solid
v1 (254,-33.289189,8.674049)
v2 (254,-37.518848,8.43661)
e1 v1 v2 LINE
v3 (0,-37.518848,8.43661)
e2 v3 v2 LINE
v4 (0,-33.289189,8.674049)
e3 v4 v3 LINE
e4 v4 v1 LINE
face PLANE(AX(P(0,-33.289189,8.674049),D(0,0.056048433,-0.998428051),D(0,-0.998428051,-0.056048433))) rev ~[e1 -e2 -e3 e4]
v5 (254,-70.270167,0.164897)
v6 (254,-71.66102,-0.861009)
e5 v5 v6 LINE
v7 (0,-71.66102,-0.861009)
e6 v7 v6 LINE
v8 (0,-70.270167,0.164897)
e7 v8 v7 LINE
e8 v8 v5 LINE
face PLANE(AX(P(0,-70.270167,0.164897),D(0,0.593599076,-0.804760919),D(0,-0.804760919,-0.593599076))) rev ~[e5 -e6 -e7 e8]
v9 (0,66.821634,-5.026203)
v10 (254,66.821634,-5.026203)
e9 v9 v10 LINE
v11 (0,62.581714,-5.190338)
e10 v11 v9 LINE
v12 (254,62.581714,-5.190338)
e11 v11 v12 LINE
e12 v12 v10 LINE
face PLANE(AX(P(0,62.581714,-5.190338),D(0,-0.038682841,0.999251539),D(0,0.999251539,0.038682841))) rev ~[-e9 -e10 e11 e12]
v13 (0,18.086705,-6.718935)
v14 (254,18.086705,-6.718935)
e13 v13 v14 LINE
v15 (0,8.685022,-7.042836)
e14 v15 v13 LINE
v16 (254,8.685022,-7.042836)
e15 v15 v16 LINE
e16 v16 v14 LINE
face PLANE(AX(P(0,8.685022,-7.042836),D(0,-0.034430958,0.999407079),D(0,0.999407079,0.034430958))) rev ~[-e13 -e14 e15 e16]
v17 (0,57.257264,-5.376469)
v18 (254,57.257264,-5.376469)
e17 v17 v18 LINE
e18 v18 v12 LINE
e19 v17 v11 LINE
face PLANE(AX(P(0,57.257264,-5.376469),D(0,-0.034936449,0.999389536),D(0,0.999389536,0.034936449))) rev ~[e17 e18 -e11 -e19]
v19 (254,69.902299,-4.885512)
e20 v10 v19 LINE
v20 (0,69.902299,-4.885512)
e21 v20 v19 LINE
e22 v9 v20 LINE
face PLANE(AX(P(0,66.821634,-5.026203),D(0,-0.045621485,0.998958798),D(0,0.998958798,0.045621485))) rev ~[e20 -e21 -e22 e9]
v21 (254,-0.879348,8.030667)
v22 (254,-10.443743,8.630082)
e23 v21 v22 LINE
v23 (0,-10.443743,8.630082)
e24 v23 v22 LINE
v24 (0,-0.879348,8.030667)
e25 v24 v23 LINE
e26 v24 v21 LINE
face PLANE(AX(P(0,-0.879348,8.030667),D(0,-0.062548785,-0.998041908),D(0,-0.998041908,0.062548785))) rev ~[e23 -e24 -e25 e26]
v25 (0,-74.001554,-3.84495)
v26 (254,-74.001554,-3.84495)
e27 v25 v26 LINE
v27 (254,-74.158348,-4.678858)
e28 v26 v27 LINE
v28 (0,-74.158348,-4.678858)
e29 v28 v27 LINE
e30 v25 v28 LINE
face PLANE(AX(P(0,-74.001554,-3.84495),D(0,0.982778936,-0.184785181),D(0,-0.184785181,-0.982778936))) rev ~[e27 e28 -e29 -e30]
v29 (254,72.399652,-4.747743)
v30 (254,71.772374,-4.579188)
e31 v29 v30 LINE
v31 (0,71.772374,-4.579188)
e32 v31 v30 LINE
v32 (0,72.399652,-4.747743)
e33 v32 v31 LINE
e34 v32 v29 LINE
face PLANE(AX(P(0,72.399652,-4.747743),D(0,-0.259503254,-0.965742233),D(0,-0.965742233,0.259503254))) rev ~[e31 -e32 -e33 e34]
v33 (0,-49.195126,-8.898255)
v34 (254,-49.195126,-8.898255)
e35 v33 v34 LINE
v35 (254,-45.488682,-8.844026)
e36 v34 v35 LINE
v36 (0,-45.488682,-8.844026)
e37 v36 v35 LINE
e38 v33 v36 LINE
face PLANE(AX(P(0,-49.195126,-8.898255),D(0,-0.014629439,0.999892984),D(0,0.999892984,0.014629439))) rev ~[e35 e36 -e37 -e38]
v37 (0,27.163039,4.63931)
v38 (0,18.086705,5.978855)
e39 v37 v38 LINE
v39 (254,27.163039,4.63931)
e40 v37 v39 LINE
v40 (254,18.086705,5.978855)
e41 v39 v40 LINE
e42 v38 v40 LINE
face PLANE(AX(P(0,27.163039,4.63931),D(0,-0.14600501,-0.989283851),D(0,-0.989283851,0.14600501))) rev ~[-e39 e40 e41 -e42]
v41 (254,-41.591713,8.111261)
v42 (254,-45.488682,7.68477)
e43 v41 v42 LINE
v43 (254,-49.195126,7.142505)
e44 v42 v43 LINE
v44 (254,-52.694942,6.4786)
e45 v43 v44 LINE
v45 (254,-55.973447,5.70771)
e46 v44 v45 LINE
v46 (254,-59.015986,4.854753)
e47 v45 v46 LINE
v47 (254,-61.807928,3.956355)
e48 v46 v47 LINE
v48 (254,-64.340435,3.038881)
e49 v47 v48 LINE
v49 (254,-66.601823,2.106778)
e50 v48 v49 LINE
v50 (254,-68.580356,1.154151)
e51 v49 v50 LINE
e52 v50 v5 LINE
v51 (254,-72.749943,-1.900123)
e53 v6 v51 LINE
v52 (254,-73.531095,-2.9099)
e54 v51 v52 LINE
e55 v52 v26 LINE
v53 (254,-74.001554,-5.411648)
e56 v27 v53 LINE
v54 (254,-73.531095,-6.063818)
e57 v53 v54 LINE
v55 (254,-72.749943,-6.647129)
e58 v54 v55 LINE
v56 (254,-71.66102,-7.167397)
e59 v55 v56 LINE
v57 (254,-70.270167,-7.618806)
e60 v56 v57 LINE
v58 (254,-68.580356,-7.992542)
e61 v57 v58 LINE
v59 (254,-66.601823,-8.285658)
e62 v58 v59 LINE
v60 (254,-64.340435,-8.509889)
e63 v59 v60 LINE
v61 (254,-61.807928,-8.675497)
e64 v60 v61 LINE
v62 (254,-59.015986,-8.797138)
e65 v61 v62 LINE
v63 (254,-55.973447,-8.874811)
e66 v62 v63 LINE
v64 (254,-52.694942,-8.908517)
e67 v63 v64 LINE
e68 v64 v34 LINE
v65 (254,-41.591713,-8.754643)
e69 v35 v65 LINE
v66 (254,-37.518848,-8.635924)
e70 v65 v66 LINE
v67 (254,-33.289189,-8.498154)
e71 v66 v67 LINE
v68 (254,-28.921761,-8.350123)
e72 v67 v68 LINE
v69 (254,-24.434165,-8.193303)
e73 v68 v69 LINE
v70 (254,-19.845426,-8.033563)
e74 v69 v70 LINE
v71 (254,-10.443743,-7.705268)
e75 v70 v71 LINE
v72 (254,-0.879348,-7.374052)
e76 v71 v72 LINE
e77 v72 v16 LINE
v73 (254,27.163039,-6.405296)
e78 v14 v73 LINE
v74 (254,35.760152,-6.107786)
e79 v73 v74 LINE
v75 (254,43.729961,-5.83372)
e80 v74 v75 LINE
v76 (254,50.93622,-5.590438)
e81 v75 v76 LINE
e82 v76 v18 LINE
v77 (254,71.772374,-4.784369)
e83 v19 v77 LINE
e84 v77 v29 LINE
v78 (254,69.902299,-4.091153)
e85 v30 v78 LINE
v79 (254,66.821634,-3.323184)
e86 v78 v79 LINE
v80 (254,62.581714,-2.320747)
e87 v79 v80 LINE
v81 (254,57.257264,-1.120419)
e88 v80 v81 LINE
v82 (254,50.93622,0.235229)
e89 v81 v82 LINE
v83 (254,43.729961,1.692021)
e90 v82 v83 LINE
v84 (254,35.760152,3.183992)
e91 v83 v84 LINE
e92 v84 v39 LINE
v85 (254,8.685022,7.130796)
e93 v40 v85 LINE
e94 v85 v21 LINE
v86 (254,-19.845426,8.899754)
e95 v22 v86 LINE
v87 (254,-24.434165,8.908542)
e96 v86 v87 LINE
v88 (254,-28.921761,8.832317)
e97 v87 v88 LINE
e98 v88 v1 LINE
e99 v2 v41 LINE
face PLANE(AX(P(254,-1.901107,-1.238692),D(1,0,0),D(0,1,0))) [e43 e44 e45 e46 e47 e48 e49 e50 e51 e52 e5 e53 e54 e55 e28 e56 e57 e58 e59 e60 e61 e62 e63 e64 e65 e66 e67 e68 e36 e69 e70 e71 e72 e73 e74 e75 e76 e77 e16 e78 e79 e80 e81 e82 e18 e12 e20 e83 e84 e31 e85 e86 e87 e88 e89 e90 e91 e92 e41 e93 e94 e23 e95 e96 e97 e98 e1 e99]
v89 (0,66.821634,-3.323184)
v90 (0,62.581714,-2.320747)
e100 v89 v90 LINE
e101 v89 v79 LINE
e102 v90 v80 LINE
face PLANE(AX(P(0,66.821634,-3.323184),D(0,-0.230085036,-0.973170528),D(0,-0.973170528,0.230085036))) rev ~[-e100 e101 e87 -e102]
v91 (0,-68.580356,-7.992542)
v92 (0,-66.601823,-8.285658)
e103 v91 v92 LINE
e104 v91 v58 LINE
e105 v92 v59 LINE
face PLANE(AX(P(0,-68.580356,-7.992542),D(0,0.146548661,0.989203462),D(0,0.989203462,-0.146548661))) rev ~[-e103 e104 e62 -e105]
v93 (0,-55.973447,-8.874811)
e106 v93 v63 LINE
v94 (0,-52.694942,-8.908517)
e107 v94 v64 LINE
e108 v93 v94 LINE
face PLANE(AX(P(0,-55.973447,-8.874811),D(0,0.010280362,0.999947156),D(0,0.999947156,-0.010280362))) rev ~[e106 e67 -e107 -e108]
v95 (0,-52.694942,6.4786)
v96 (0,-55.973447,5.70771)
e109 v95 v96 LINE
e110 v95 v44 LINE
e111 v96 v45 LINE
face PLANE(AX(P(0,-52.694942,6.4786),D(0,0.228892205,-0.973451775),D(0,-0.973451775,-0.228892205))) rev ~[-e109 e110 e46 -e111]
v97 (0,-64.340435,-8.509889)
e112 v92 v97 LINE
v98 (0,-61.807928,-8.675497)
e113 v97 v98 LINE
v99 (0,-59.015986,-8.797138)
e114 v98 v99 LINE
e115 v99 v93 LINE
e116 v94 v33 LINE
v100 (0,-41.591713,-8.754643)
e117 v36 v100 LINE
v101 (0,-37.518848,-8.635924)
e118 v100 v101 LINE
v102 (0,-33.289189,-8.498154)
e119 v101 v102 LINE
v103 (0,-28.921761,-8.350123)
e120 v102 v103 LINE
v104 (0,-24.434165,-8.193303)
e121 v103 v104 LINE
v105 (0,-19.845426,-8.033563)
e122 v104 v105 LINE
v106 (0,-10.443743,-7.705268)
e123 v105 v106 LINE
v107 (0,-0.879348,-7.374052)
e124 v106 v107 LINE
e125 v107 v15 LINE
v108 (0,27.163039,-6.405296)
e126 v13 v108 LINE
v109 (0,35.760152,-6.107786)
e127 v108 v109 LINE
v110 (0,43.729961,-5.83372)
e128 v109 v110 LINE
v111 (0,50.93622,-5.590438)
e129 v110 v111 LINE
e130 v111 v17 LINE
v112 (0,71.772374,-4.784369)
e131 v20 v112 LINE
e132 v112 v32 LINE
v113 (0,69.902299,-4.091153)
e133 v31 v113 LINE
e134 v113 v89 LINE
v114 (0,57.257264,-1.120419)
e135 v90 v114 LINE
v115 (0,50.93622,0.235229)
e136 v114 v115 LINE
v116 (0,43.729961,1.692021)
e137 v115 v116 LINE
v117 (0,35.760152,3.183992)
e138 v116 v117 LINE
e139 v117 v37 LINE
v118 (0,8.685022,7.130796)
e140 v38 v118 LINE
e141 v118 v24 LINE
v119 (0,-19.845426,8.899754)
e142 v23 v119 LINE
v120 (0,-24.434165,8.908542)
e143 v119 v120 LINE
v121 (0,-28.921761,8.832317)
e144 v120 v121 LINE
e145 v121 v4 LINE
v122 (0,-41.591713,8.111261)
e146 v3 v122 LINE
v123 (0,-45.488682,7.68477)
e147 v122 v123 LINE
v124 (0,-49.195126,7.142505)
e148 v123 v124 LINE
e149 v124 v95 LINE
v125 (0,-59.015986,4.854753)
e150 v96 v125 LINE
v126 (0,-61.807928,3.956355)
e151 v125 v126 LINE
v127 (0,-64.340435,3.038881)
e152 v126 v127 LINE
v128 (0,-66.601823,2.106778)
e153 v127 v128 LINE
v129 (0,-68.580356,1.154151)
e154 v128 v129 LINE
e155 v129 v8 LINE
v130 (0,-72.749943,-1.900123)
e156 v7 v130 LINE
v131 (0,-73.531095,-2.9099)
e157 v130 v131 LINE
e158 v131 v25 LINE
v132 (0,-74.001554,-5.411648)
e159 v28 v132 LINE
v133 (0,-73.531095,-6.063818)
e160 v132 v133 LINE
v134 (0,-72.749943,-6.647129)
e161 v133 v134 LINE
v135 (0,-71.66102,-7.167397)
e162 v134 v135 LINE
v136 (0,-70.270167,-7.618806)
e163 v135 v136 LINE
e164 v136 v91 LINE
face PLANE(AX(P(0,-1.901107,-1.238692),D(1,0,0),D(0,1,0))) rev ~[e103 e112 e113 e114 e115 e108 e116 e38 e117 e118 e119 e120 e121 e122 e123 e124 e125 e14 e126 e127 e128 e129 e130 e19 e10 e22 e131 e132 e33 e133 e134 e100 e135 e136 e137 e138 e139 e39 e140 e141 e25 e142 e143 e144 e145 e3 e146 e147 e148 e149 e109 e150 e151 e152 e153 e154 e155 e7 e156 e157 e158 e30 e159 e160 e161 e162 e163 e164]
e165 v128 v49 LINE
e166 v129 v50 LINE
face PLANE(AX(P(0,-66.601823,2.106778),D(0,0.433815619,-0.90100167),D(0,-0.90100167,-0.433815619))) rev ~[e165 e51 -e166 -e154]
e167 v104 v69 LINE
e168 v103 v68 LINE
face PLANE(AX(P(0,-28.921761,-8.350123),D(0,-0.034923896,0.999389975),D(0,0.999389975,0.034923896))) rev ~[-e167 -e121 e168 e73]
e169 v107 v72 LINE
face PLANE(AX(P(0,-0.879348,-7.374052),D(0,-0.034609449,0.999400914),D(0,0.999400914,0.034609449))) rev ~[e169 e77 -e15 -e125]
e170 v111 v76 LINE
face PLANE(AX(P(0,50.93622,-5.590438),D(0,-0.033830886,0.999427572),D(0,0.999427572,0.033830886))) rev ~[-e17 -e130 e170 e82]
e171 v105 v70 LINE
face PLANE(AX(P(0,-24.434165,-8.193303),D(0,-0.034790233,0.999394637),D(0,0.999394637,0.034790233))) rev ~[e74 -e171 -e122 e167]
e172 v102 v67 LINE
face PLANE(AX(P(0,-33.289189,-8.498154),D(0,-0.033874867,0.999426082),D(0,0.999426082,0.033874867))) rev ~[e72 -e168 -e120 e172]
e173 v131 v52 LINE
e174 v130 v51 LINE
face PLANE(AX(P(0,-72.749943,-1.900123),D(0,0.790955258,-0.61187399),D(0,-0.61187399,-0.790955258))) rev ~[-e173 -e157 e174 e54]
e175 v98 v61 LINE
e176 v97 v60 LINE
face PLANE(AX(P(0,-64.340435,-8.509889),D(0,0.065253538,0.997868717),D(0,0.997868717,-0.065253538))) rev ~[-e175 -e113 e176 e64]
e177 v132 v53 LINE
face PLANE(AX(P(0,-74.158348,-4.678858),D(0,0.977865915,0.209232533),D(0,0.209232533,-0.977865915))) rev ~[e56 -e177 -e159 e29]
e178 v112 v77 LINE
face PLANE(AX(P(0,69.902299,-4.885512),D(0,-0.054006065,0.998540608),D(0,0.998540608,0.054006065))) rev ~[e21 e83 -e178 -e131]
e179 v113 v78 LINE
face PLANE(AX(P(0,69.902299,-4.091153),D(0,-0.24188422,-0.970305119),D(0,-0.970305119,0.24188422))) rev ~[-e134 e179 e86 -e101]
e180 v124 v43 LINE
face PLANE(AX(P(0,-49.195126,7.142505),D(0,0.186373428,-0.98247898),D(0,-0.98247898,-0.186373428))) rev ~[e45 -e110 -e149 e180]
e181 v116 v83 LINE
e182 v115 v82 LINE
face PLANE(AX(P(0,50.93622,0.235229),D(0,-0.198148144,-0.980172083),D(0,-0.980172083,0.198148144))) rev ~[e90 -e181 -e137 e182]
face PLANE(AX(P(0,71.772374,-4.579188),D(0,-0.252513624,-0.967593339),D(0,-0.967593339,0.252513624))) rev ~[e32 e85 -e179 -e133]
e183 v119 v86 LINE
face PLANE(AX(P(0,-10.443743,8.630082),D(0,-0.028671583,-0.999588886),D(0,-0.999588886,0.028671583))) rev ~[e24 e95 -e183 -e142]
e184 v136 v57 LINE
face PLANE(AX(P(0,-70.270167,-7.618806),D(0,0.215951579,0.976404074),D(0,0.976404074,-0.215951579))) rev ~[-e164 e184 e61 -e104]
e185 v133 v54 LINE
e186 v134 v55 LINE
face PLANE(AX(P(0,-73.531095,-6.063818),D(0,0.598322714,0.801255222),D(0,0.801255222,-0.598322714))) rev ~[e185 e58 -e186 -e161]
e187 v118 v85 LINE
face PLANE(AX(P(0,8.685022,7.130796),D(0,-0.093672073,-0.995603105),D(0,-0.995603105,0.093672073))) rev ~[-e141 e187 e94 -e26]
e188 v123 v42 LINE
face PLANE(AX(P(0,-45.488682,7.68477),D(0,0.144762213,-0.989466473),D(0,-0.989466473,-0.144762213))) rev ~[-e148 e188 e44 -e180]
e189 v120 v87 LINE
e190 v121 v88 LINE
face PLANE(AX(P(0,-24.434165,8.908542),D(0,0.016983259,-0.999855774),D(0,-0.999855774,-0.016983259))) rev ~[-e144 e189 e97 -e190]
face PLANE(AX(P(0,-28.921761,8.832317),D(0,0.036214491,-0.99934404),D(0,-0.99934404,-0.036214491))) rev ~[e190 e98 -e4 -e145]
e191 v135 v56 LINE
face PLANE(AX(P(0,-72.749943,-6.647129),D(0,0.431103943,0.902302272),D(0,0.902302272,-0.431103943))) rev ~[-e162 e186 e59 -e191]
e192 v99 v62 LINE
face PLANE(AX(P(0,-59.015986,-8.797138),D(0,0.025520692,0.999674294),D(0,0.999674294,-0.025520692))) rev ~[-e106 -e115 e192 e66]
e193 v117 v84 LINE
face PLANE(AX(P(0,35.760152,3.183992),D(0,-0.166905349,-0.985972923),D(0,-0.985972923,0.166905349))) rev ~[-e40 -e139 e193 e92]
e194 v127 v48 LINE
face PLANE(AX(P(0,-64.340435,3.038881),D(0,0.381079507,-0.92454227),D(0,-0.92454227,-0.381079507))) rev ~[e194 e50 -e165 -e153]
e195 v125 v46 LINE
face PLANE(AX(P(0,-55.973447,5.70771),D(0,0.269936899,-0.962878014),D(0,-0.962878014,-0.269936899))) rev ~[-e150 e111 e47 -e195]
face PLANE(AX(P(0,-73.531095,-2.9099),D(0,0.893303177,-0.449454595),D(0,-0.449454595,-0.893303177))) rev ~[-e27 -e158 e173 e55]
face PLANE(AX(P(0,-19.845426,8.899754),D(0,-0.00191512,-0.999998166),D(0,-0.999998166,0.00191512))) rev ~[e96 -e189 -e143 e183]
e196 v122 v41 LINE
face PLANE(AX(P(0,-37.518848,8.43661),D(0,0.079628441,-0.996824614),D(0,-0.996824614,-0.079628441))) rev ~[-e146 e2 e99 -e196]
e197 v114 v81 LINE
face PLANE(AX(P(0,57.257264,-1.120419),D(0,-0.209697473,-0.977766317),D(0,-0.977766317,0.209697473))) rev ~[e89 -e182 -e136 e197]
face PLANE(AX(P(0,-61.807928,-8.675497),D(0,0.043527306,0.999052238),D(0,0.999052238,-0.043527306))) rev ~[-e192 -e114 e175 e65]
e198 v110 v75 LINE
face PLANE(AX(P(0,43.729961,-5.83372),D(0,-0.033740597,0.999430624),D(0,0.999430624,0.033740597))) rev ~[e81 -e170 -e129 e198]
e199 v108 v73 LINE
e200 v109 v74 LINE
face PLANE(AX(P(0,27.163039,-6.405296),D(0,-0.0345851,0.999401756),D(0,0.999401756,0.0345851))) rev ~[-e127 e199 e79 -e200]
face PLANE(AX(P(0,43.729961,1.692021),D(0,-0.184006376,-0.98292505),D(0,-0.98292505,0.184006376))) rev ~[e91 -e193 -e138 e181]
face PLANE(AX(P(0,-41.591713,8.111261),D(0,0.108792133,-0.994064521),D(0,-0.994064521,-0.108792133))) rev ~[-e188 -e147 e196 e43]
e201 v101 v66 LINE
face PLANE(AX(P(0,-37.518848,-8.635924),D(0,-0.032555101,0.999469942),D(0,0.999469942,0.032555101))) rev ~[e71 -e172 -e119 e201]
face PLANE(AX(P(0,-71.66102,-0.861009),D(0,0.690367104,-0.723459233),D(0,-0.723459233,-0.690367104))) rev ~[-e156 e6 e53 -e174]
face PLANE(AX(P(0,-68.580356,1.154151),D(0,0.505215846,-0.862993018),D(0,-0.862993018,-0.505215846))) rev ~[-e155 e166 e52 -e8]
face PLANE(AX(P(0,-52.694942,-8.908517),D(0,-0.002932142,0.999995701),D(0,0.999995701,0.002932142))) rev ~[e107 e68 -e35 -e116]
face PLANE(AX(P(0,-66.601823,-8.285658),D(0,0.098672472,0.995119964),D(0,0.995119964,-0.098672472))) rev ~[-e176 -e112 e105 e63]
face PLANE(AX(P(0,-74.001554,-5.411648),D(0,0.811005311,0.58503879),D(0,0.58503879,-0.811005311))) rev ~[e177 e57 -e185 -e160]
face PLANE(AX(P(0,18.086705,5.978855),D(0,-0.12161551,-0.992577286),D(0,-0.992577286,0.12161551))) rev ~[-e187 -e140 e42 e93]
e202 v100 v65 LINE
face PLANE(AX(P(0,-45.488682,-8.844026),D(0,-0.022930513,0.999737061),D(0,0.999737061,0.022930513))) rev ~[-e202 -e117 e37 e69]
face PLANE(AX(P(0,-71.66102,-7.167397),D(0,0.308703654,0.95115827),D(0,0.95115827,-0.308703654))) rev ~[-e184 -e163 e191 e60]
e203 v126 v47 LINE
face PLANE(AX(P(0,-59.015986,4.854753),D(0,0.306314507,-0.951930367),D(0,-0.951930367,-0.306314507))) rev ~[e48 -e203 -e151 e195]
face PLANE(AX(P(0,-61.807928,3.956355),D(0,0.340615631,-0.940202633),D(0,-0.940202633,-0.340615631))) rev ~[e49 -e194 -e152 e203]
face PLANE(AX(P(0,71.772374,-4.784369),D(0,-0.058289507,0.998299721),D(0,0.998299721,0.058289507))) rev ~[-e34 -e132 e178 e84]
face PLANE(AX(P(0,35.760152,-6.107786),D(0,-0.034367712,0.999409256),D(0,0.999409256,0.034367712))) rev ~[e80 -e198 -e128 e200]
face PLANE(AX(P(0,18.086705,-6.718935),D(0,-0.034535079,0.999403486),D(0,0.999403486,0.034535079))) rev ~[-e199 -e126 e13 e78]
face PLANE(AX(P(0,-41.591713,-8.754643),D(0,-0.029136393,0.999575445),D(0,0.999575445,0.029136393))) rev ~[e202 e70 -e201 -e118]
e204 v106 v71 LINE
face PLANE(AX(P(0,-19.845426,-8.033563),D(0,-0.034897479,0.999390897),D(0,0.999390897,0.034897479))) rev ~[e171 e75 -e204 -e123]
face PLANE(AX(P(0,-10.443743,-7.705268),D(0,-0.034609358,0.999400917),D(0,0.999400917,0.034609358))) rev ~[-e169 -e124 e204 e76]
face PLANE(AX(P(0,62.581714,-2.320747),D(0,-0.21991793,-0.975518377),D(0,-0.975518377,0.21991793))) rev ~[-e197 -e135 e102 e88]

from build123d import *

# Parameters (mm, degrees)
F1_DEPTH = 254


with BuildPart() as f1:
    # F0 (on Right) → F1 (new body)
    with BuildSketch(Plane.YZ):
        Polygon((72.399652, -4.747743), (71.772374, -4.579188), (69.902299, -4.091153), (66.821634, -3.323184), (62.581714, -2.320747), (57.257264, -1.120419), (50.93622, 0.235229), (43.729961, 1.692021), (35.760152, 3.183992), (27.163039, 4.63931), (18.086705, 5.978855), (8.685022, 7.130796), (-0.879348, 8.030667), (-10.443743, 8.630082), (-19.845426, 8.899754), (-24.434165, 8.908542), (-28.921761, 8.832317), (-33.289189, 8.674049), (-37.518848, 8.43661), (-41.591713, 8.111261), (-45.488682, 7.68477), (-49.195126, 7.142505), (-52.694942, 6.4786), (-55.973447, 5.70771), (-59.015986, 4.854753), (-61.807928, 3.956355), (-64.340435, 3.038881), (-66.601823, 2.106778), (-68.580356, 1.154151), (-70.270167, 0.164897), (-71.66102, -0.861009), (-72.749943, -1.900123), (-73.531095, -2.9099), (-74.001554, -3.84495), (-74.158348, -4.678858), (-74.001554, -5.411648), (-73.531095, -6.063818), (-72.749943, -6.647129), (-71.66102, -7.167397), (-70.270167, -7.618806), (-68.580356, -7.992542), (-66.601823, -8.285658), (-64.340435, -8.509889), (-61.807928, -8.675497), (-59.015986, -8.797138), (-55.973447, -8.874811), (-52.694942, -8.908517), (-49.195126, -8.898255), (-45.488682, -8.844026), (-41.591713, -8.754643), (-37.518848, -8.635924), (-33.289189, -8.498154), (-28.921761, -8.350123), (-24.434165, -8.193303), (-19.845426, -8.033563), (-10.443743, -7.705268), (-0.879348, -7.374052), (8.685022, -7.042836), (18.086705, -6.718935), (27.163039, -6.405296), (35.760152, -6.107786), (43.729961, -5.83372), (50.93622, -5.590438), (57.257264, -5.376469), (62.581714, -5.190338), (66.821634, -5.026203), (69.902299, -4.885512), (71.772374, -4.784369), align=None)
    extrude(amount=F1_DEPTH)


solid = f1.part
